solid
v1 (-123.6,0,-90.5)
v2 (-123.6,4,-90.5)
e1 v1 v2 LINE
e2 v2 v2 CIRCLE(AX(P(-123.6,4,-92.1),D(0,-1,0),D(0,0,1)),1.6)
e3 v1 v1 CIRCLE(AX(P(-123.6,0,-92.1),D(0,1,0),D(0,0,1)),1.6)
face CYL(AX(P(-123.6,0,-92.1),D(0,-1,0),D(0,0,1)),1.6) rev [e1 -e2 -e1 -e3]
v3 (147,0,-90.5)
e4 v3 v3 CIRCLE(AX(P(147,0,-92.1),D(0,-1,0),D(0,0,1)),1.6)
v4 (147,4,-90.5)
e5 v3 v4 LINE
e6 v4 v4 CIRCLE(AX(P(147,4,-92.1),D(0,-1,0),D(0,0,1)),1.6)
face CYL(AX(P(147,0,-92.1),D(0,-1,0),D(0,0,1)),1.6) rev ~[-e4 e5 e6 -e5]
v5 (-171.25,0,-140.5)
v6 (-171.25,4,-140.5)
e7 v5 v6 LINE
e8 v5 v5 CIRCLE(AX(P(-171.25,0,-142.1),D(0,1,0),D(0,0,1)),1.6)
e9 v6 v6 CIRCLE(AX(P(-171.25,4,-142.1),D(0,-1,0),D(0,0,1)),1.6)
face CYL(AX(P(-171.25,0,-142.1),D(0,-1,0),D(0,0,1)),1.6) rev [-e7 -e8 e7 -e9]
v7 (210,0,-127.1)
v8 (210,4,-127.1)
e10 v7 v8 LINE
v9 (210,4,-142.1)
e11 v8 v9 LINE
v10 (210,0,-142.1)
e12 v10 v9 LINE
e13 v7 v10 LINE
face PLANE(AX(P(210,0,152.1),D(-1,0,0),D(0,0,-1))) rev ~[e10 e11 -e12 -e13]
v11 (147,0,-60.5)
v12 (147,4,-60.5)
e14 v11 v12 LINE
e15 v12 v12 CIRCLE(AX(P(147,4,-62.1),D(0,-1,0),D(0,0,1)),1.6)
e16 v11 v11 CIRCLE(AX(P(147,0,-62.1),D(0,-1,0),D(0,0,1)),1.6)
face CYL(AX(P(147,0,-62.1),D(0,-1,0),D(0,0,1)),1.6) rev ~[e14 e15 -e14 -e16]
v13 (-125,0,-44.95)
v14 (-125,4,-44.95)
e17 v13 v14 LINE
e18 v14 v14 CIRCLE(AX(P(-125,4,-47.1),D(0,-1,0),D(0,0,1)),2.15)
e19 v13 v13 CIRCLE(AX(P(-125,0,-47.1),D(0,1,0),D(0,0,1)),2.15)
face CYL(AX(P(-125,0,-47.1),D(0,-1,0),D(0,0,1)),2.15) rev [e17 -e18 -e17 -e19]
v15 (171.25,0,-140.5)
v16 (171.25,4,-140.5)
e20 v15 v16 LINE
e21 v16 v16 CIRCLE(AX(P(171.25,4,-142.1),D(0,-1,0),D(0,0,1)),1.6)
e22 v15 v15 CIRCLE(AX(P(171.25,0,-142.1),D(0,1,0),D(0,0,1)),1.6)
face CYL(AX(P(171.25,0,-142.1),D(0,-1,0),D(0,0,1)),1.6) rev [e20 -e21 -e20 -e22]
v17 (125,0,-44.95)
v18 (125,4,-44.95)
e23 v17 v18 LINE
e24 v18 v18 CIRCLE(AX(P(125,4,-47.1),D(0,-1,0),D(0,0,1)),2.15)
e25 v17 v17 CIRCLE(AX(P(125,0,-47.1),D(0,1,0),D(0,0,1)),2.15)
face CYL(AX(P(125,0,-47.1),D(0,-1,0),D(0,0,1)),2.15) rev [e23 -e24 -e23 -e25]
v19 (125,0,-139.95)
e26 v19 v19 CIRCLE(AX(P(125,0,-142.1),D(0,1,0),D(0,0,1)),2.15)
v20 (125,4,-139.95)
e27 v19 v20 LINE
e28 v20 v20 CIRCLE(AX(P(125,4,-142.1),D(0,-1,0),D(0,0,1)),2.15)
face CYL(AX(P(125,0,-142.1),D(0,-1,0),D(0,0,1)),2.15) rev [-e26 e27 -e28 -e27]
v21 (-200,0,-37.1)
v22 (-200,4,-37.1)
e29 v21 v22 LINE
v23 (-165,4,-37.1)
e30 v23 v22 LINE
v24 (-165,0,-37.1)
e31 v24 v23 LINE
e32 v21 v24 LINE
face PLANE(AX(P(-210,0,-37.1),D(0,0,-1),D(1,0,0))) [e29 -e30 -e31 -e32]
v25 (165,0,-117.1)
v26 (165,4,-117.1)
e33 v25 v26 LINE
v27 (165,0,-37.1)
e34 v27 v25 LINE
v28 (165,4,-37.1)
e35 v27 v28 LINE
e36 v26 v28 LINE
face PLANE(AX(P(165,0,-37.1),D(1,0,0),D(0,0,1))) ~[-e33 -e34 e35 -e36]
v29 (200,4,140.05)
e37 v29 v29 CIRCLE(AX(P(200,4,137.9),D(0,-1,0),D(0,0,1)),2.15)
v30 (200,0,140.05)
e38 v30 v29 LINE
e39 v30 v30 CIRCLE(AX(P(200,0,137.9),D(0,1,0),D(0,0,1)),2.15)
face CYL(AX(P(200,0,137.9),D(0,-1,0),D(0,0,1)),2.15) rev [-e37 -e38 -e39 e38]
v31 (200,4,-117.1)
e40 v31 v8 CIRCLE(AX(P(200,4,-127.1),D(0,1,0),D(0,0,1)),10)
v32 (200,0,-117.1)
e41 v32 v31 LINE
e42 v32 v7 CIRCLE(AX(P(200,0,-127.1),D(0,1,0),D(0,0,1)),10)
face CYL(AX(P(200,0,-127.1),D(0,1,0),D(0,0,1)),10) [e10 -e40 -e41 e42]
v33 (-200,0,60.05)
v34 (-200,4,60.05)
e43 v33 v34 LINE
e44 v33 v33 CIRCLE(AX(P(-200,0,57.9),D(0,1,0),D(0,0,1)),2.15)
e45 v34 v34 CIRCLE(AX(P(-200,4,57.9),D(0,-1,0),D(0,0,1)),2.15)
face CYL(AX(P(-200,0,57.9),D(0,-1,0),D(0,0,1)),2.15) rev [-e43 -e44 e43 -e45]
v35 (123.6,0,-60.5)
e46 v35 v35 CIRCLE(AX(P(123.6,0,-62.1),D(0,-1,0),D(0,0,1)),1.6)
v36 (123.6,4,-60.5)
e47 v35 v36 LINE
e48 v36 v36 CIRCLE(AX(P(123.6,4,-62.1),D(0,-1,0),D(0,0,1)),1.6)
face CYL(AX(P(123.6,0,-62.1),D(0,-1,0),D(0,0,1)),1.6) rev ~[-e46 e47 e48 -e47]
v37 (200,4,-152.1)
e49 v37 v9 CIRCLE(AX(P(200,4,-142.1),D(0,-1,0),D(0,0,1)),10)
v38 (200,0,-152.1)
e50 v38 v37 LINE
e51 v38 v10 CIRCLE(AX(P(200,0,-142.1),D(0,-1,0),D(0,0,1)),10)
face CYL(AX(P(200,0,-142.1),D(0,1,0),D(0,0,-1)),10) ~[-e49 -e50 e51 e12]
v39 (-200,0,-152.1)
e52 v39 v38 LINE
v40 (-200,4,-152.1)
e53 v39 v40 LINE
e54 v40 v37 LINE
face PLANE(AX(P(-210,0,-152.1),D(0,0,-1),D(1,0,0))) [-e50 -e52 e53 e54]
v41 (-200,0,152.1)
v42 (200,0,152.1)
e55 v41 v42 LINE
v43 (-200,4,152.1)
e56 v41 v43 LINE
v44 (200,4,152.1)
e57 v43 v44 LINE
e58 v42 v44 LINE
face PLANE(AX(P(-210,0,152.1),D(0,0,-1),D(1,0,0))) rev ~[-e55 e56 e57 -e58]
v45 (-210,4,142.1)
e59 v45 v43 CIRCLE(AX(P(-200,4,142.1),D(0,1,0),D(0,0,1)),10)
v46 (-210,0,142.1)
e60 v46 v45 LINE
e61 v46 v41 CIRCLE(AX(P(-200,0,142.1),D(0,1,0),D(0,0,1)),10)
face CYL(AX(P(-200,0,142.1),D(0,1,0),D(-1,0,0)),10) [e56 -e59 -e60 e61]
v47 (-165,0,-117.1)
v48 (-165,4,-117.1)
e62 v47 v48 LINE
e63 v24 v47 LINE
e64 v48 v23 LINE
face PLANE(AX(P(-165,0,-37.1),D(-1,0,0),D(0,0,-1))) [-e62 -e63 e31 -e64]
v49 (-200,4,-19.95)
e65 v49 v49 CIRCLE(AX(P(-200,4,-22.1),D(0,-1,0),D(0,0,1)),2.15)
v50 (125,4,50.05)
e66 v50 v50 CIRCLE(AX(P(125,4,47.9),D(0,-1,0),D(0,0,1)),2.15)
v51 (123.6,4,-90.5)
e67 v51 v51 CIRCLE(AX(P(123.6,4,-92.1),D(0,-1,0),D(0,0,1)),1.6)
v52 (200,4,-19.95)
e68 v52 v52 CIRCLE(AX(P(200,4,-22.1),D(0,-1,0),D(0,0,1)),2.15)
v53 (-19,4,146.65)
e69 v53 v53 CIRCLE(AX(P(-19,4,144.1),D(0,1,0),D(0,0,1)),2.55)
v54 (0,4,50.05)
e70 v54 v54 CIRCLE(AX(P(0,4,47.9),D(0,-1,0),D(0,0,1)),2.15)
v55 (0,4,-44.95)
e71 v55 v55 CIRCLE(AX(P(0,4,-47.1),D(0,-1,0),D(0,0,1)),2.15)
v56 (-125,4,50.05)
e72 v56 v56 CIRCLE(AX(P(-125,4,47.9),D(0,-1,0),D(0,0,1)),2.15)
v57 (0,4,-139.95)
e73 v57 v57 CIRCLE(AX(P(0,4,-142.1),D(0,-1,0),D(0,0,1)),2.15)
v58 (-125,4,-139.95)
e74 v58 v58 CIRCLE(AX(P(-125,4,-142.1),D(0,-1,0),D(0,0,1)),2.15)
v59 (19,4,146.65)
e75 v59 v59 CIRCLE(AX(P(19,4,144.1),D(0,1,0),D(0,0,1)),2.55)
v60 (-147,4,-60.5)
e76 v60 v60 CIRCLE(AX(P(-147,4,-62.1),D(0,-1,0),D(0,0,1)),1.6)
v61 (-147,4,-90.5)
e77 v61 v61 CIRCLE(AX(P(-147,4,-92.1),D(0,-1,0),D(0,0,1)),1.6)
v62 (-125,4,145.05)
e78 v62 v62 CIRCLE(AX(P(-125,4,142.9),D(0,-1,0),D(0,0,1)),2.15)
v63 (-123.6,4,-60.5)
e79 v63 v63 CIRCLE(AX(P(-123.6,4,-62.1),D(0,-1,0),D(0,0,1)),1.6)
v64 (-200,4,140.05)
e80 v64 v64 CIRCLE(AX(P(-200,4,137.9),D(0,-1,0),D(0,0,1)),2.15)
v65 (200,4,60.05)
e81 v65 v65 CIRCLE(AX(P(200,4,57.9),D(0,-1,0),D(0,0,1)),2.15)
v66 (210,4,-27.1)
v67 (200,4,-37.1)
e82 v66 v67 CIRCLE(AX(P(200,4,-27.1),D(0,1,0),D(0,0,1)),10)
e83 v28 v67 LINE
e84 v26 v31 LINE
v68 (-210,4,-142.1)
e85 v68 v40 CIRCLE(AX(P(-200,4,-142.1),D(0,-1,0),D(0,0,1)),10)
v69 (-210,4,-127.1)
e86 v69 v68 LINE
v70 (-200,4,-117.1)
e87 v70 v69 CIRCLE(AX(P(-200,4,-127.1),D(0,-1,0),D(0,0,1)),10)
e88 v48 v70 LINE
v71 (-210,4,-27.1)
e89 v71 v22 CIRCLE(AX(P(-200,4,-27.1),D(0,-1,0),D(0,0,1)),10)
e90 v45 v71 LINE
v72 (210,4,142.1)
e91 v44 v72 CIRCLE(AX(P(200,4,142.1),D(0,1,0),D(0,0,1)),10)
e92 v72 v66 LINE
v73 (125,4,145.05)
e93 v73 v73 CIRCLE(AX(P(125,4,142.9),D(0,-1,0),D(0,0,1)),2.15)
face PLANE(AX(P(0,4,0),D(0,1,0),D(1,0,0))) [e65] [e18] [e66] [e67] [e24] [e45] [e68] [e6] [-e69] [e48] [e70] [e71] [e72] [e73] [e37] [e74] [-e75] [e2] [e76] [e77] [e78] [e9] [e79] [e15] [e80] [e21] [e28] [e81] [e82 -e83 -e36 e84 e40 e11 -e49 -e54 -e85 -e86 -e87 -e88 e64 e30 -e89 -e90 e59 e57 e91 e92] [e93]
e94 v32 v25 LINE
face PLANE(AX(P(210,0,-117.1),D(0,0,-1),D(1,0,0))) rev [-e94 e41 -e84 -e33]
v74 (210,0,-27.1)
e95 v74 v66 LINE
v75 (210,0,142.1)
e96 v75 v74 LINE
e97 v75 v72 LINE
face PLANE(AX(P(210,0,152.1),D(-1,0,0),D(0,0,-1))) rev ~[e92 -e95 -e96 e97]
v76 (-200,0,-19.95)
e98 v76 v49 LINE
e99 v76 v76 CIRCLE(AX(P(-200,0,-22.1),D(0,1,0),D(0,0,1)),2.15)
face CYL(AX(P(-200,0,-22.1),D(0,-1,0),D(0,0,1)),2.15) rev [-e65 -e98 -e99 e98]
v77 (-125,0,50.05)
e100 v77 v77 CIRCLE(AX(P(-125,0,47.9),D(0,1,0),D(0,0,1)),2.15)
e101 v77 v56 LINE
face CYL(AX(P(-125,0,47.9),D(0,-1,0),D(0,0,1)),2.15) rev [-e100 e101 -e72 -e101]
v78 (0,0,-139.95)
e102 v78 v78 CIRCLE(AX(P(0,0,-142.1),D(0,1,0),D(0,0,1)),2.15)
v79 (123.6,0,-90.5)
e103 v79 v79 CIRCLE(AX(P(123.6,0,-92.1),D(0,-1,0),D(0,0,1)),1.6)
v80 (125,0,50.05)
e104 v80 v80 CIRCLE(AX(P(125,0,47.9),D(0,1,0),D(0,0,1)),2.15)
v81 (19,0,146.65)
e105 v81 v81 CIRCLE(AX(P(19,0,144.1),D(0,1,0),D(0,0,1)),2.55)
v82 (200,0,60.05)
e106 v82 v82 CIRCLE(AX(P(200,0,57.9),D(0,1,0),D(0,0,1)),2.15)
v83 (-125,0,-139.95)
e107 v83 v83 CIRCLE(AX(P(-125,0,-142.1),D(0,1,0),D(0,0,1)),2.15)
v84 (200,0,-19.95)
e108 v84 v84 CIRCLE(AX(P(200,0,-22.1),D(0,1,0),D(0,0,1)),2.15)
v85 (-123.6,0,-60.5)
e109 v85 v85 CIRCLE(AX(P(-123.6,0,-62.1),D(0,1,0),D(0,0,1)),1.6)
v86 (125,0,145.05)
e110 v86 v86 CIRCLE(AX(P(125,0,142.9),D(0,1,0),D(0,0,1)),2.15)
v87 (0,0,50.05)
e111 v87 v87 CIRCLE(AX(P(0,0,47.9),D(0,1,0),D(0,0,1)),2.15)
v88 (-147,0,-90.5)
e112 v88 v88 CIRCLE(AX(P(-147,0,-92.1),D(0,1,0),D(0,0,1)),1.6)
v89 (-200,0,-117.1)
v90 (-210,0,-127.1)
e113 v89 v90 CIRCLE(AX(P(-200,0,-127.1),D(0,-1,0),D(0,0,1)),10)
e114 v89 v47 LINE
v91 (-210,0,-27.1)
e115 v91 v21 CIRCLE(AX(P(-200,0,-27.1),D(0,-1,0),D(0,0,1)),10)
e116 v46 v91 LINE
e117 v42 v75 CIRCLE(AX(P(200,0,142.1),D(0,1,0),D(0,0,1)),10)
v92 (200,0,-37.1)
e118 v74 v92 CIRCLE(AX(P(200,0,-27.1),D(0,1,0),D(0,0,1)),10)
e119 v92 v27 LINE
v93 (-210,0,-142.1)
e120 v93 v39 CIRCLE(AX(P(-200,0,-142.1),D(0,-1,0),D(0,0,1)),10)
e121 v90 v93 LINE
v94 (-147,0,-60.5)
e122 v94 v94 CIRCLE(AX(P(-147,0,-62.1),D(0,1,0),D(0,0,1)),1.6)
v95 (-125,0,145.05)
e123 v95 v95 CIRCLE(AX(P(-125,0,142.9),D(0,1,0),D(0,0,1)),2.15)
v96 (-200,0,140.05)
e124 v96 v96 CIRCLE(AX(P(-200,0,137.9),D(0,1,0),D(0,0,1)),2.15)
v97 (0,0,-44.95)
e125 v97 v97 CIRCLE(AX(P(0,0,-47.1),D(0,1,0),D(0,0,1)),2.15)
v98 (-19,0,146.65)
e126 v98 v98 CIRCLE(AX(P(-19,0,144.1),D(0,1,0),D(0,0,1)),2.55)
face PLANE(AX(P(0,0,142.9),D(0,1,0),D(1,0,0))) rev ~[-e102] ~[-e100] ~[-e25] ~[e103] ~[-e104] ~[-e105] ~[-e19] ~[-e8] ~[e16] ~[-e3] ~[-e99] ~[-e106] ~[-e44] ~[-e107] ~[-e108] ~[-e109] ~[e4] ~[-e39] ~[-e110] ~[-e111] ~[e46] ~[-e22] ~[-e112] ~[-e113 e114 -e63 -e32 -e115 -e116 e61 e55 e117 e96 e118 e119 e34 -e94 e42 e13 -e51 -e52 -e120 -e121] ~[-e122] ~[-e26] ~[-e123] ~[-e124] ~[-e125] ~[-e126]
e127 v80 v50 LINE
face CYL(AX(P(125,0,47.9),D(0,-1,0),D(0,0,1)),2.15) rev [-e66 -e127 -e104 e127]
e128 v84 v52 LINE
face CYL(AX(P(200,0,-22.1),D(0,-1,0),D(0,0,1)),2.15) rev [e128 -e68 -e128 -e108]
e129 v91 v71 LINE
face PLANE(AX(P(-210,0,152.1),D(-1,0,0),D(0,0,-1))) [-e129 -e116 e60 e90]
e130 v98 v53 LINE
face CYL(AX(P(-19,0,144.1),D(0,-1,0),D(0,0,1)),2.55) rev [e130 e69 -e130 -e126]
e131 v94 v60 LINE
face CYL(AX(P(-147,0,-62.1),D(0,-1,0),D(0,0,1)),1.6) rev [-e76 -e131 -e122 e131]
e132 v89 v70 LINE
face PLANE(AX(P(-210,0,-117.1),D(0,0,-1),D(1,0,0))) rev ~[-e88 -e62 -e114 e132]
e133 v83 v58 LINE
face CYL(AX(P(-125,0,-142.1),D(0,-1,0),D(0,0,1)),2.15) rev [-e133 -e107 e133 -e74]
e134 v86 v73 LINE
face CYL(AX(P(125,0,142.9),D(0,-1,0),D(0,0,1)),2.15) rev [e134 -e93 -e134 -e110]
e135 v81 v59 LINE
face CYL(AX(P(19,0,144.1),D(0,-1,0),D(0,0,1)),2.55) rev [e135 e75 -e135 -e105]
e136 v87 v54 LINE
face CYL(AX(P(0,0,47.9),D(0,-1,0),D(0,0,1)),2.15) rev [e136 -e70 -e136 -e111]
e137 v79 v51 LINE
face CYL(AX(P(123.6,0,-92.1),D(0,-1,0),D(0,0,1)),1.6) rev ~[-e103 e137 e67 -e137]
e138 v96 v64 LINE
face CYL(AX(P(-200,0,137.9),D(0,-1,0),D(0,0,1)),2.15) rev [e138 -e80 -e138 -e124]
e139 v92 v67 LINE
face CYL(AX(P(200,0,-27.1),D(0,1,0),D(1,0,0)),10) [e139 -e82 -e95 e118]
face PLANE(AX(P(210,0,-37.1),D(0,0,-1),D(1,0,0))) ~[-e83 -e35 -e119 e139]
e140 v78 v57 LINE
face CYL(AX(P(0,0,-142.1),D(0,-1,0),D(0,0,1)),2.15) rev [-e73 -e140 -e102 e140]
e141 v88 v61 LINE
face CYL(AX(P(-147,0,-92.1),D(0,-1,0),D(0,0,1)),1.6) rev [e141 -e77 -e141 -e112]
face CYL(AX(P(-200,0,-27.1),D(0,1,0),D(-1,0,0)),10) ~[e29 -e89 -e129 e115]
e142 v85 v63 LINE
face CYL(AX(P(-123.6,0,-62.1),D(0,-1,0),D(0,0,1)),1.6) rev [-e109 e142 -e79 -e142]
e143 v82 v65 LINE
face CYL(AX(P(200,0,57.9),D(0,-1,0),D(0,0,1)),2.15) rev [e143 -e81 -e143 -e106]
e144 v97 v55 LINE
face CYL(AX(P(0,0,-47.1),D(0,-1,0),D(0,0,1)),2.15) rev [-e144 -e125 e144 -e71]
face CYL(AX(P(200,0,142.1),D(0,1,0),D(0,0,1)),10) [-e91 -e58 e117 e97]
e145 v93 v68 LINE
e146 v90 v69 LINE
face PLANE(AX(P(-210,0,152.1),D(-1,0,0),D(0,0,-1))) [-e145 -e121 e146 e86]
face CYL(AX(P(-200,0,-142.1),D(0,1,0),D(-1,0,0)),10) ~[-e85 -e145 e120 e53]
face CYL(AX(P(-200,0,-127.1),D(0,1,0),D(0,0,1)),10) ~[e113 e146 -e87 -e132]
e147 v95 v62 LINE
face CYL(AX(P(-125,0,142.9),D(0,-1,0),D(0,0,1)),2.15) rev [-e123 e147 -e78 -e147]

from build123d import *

# Parameters (mm, degrees)
SKETCH_1_W             = 420
SKETCH_1_H             = 304.2
SKETCH_1_R             = 2.55
EXTRUDE_1_DEPTH        = 4
SKETCH_2_R             = 1.6
SKETCH_2_W             = 45
SKETCH_2_H             = 80
CUT_EXTRUDE_1_DEPTH    = 260.326840107
SKETCH_4_R             = 2.15
CUT_EXTRUDE_3_DEPTH    = 260.326840107
PATTERN_LINEAR_3_COUNT = 4
PATTERN_LINEAR_3_PITCH = 95
SKETCH_7_R             = 2.15
SKETCH_7_R_2           = 1.6
CUT_EXTRUDE_5_DEPTH    = 260.326840107
SKETCH_9_R             = 2.15
EXTRUDE_2_DEPTH        = 4
FILLET_1_R             = 10


with BuildPart() as part:
    # 草图1 → 凸台-拉伸1 (new body)
    with BuildSketch(Plane(origin=(0, 0, 0), x_dir=(1, 0, 0), z_dir=(0, 1, 0))):
        Rectangle(SKETCH_1_W, SKETCH_1_H)
        with Locations(Location((-19, -144.1, 0), (0, 0, 270))):
            Circle(SKETCH_1_R, mode=Mode.SUBTRACT)
        with Locations(Location((19, -144.1, 0), (0, 0, 270))):
            Circle(SKETCH_1_R, mode=Mode.SUBTRACT)
    extrude(amount=EXTRUDE_1_DEPTH)

    # 草图2 → 切除-拉伸1 (cut, through all)
    with BuildSketch(Plane(origin=(0, 0, 0), x_dir=(1, 0, 0), z_dir=(0, 1, 0))):
        with Locations(Location((-147, 92.1, 0), (0, 0, 270))):
            Circle(SKETCH_2_R)
        with Locations(Location((-147, 62.1, 0), (0, 0, 270))):
            Circle(SKETCH_2_R)
        with Locations(Location((-123.6, 62.1, 0), (0, 0, 270))):
            Circle(SKETCH_2_R)
        with Locations(Location((-123.6, 92.1, 0), (0, 0, 270))):
            Circle(SKETCH_2_R)
        with Locations((-187.5, 77.1)):
            Rectangle(SKETCH_2_W, SKETCH_2_H)
    cut_extrude_1 = extrude(amount=CUT_EXTRUDE_1_DEPTH, mode=Mode.SUBTRACT)

    # 镜向1: 切除-拉伸1 across plane
    add(cut_extrude_1.mirror(Plane(origin=(0, 0, 0), x_dir=(0, 0, 1), z_dir=(1, 0, 0))), mode=Mode.SUBTRACT)

    # 草图4 → 切除-拉伸3 (cut, through all)
    with BuildSketch(Plane(origin=(0, 0, 0), x_dir=(1, 0, 0), z_dir=(0, 1, 0))):
        with Locations(Location((-125, 142.1, 0), (0, 0, 270))):
            Circle(SKETCH_4_R)
        with Locations(Location((125, 142.1, 0), (0, 0, 270))):
            Circle(SKETCH_4_R)
        with Locations(Location((0, 142.1, 0), (0, 0, 270))):
            Circle(SKETCH_4_R)
    cut_extrude_3 = extrude(amount=CUT_EXTRUDE_3_DEPTH, mode=Mode.SUBTRACT)

    # 阵列(线性)3: 切除-拉伸3 ×4
    with Locations(*[(0, 0, i * PATTERN_LINEAR_3_PITCH) for i in range(1, PATTERN_LINEAR_3_COUNT)]):
        add(cut_extrude_3, mode=Mode.SUBTRACT)

    # 草图7 → 切除-拉伸5 (cut, through all)
    with BuildSketch(Plane(origin=(0, 0, 0), x_dir=(1, 0, 0), z_dir=(0, 1, 0))):
        with Locations(Location((-200, 22.1, 0), (0, 0, 270))):
            Circle(SKETCH_7_R)
        with Locations(Location((-200, -137.9, 0), (0, 0, 270))):
            Circle(SKETCH_7_R)
        with Locations(Location((-200, -57.9, 0), (0, 0, 270))):
            Circle(SKETCH_7_R)
        with Locations(Location((200, -57.9, 0), (0, 0, 270))):
            Circle(SKETCH_7_R)
        with Locations(Location((200, 22.1, 0), (0, 0, 270))):
            Circle(SKETCH_7_R)
        with Locations(Location((200, -137.9, 0), (0, 0, 270))):
            Circle(SKETCH_7_R)
        with Locations(Location((-171.25, 142.1, 0), (0, 0, 270))):
            Circle(SKETCH_7_R_2)
        with Locations(Location((171.25, 142.1, 0), (0, 0, 270))):
            Circle(SKETCH_7_R_2)
        with Locations((171.25, -257.9)):
            Circle(SKETCH_7_R_2)
        with Locations((-171.25, -257.9)):
            Circle(SKETCH_7_R_2)
    extrude(amount=CUT_EXTRUDE_5_DEPTH, mode=Mode.SUBTRACT)

    # 草图9 → 凸台-拉伸2 (add, through all)
    with BuildSketch(Plane(origin=(0, 0, 0), x_dir=(1, 0, 0), z_dir=(0, 1, 0))):
        with Locations((0, -142.9)):
            Circle(SKETCH_9_R)
    extrude(amount=EXTRUDE_2_DEPTH)

    # 圆角1
    fillet_1_edges = [part.edges().sort_by_distance(p)[0] for p in [
        (-210, 2, -117.1),
        (-210, 2, -37.1),
        (210, 2, -37.1),
        (210, 2, -117.1),
        (-210, 2, -152.1),
        (210, 2, -152.1),
        (210, 2, 152.1),
        (-210, 2, 152.1),
    ]]
    fillet(fillet_1_edges, radius=FILLET_1_R)


solid = part.part
